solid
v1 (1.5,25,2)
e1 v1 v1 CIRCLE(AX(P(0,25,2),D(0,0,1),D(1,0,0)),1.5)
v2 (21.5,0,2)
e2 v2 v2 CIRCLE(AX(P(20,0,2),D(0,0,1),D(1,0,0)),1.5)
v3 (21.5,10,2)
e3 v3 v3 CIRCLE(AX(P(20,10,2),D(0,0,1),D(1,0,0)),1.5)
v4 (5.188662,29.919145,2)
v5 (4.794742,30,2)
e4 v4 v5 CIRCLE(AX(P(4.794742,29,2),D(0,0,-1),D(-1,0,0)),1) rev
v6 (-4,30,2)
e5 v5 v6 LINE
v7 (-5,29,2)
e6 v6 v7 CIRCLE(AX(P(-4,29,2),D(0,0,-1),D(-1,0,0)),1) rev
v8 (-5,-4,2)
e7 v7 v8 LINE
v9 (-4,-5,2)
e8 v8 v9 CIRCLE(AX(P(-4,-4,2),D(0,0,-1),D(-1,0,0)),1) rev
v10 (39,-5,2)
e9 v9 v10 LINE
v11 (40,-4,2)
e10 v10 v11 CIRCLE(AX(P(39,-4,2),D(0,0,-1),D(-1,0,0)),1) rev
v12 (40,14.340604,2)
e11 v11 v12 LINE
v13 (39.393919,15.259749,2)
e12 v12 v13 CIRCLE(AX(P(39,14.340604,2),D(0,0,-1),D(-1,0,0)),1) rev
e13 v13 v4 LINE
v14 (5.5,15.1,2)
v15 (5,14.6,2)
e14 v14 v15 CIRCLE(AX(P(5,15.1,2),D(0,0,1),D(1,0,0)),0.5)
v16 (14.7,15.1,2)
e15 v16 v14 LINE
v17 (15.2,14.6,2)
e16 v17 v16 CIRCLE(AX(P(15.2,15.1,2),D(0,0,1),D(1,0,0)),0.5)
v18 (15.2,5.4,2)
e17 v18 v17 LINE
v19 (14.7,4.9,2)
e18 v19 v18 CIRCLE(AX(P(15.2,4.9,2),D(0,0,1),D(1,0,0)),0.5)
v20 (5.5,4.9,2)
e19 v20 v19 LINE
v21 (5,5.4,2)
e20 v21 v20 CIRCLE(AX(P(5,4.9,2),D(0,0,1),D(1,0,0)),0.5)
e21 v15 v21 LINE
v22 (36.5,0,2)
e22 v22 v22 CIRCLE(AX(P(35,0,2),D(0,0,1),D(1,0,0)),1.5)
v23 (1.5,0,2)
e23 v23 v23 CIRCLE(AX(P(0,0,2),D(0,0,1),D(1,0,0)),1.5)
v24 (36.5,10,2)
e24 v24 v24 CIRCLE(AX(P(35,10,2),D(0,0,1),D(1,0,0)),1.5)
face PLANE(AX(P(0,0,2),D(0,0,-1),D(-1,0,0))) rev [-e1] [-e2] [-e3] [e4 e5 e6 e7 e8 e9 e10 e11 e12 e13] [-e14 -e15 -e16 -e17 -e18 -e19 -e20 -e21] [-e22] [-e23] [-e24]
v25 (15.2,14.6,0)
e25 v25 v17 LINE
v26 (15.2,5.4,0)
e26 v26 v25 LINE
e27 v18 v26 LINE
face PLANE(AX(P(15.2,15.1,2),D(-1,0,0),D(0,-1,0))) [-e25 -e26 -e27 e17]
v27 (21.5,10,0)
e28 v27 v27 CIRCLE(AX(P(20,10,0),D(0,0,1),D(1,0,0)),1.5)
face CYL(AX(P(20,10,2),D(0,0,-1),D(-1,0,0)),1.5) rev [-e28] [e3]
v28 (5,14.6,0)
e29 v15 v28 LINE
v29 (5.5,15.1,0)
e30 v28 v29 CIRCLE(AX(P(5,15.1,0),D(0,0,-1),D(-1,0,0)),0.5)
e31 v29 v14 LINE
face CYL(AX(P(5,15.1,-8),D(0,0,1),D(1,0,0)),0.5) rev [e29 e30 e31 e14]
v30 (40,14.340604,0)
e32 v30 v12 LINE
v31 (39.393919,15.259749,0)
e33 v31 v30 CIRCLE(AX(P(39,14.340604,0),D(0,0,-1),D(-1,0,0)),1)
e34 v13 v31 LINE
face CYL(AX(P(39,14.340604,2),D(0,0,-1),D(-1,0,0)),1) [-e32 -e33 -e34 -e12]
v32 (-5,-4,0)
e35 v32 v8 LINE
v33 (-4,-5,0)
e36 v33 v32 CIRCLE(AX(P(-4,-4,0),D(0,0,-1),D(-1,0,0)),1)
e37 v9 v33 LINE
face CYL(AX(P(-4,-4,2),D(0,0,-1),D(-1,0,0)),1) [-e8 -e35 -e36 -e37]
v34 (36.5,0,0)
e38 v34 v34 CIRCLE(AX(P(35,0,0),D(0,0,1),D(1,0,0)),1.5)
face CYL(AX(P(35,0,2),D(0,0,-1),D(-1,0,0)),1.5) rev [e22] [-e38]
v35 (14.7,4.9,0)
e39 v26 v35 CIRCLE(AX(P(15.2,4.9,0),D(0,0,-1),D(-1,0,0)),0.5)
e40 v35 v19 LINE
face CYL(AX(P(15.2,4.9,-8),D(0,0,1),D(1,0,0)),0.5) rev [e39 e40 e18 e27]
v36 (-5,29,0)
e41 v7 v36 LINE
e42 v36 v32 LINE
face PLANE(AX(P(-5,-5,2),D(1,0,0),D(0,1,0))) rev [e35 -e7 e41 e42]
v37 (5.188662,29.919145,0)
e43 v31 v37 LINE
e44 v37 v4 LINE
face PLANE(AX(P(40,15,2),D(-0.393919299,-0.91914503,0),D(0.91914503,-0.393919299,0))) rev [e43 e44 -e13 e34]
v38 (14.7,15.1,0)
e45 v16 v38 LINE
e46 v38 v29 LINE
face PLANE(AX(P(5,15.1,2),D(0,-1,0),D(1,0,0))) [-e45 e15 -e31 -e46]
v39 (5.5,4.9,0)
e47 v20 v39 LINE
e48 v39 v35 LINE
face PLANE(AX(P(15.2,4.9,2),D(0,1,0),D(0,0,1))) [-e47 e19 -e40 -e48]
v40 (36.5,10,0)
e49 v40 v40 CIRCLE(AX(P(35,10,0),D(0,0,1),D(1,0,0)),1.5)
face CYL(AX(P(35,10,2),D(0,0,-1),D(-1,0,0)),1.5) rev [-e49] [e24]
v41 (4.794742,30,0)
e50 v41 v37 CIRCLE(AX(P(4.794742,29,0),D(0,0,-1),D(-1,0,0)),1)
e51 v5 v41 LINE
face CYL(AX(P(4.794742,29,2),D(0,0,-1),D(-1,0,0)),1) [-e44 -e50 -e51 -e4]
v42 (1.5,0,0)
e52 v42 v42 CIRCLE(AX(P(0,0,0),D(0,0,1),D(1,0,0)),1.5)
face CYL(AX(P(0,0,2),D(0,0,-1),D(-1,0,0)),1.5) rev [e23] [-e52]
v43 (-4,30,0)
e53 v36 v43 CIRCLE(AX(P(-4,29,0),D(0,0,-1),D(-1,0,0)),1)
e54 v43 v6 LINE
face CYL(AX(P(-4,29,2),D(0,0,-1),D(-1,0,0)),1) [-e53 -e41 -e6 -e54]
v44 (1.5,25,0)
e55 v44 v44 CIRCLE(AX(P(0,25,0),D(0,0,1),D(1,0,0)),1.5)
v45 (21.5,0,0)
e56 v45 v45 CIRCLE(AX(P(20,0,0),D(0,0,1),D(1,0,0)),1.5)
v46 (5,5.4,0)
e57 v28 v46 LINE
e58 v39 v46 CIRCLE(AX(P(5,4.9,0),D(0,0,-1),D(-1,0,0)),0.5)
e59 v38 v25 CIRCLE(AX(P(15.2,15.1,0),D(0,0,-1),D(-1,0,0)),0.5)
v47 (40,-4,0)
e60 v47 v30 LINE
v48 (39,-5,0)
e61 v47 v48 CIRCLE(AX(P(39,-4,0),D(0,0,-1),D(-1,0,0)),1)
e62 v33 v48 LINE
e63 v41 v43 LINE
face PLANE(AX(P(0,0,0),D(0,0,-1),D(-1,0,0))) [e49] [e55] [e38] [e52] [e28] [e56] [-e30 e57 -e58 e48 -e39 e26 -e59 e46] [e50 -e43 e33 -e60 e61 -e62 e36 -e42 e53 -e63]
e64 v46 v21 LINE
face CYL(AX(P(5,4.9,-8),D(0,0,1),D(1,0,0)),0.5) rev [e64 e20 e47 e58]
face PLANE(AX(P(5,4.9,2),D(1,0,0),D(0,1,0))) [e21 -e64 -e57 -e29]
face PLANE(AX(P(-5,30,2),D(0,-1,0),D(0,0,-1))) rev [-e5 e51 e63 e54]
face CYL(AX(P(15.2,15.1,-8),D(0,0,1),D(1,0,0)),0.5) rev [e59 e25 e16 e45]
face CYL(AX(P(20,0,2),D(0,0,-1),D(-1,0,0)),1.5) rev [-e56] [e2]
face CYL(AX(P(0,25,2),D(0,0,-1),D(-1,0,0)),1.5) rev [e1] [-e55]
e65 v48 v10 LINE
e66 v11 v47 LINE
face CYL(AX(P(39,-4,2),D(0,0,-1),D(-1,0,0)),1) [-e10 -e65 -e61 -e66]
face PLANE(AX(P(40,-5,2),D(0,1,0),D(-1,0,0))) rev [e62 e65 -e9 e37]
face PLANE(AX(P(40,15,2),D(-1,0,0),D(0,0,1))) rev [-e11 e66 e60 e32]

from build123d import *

# Parameters (mm, degrees)
SKETCH_1_R          = 1.5
SKETCH_1_W          = 10.2
SKETCH_1_H          = 10.2
EXTRUDE_1_DEPTH     = 2
SKETCH_2_R          = 0.5
CUT_EXTRUDE_1_DEPTH = 10
FILLET_1_R          = 1


with BuildPart() as part:
    # 草图1 → 凸台-拉伸1 (new body)
    with BuildSketch(Plane.XY):
        Polygon((5, 30), (-5, 30), (-5, -5), (40, -5), (40, 15), align=None)
        Circle(SKETCH_1_R, mode=Mode.SUBTRACT)
        with Locations((10.1, 10)):
            Rectangle(SKETCH_1_W, SKETCH_1_H, mode=Mode.SUBTRACT)
        with Locations((20, 0)):
            Circle(SKETCH_1_R, mode=Mode.SUBTRACT)
        with Locations((35, 0)):
            Circle(SKETCH_1_R, mode=Mode.SUBTRACT)
        with Locations((20, 10)):
            Circle(SKETCH_1_R, mode=Mode.SUBTRACT)
        with Locations((35, 10)):
            Circle(SKETCH_1_R, mode=Mode.SUBTRACT)
        with Locations((0, 25)):
            Circle(SKETCH_1_R, mode=Mode.SUBTRACT)
    extrude(amount=EXTRUDE_1_DEPTH)

    # 草图2 → 切除-拉伸1 (cut)
    with BuildSketch(Plane.XY.offset(2)):
        with Locations((15.2, 15.1)):
            Circle(SKETCH_2_R)
        with Locations((15.2, 4.9)):
            Circle(SKETCH_2_R)
        with Locations((5, 15.1)):
            Circle(SKETCH_2_R)
        with Locations((5, 4.9)):
            Circle(SKETCH_2_R)
    extrude(amount=-CUT_EXTRUDE_1_DEPTH, mode=Mode.SUBTRACT)

    # 圆角1
    fillet_1_edges = [part.edges().sort_by_distance(p)[0] for p in [
        (-5, 30, 1),
        (5, 30, 1),
        (40, 15, 1),
        (40, -5, 1),
        (-5, -5, 1),
    ]]
    fillet(fillet_1_edges, radius=FILLET_1_R)


solid = part.part
